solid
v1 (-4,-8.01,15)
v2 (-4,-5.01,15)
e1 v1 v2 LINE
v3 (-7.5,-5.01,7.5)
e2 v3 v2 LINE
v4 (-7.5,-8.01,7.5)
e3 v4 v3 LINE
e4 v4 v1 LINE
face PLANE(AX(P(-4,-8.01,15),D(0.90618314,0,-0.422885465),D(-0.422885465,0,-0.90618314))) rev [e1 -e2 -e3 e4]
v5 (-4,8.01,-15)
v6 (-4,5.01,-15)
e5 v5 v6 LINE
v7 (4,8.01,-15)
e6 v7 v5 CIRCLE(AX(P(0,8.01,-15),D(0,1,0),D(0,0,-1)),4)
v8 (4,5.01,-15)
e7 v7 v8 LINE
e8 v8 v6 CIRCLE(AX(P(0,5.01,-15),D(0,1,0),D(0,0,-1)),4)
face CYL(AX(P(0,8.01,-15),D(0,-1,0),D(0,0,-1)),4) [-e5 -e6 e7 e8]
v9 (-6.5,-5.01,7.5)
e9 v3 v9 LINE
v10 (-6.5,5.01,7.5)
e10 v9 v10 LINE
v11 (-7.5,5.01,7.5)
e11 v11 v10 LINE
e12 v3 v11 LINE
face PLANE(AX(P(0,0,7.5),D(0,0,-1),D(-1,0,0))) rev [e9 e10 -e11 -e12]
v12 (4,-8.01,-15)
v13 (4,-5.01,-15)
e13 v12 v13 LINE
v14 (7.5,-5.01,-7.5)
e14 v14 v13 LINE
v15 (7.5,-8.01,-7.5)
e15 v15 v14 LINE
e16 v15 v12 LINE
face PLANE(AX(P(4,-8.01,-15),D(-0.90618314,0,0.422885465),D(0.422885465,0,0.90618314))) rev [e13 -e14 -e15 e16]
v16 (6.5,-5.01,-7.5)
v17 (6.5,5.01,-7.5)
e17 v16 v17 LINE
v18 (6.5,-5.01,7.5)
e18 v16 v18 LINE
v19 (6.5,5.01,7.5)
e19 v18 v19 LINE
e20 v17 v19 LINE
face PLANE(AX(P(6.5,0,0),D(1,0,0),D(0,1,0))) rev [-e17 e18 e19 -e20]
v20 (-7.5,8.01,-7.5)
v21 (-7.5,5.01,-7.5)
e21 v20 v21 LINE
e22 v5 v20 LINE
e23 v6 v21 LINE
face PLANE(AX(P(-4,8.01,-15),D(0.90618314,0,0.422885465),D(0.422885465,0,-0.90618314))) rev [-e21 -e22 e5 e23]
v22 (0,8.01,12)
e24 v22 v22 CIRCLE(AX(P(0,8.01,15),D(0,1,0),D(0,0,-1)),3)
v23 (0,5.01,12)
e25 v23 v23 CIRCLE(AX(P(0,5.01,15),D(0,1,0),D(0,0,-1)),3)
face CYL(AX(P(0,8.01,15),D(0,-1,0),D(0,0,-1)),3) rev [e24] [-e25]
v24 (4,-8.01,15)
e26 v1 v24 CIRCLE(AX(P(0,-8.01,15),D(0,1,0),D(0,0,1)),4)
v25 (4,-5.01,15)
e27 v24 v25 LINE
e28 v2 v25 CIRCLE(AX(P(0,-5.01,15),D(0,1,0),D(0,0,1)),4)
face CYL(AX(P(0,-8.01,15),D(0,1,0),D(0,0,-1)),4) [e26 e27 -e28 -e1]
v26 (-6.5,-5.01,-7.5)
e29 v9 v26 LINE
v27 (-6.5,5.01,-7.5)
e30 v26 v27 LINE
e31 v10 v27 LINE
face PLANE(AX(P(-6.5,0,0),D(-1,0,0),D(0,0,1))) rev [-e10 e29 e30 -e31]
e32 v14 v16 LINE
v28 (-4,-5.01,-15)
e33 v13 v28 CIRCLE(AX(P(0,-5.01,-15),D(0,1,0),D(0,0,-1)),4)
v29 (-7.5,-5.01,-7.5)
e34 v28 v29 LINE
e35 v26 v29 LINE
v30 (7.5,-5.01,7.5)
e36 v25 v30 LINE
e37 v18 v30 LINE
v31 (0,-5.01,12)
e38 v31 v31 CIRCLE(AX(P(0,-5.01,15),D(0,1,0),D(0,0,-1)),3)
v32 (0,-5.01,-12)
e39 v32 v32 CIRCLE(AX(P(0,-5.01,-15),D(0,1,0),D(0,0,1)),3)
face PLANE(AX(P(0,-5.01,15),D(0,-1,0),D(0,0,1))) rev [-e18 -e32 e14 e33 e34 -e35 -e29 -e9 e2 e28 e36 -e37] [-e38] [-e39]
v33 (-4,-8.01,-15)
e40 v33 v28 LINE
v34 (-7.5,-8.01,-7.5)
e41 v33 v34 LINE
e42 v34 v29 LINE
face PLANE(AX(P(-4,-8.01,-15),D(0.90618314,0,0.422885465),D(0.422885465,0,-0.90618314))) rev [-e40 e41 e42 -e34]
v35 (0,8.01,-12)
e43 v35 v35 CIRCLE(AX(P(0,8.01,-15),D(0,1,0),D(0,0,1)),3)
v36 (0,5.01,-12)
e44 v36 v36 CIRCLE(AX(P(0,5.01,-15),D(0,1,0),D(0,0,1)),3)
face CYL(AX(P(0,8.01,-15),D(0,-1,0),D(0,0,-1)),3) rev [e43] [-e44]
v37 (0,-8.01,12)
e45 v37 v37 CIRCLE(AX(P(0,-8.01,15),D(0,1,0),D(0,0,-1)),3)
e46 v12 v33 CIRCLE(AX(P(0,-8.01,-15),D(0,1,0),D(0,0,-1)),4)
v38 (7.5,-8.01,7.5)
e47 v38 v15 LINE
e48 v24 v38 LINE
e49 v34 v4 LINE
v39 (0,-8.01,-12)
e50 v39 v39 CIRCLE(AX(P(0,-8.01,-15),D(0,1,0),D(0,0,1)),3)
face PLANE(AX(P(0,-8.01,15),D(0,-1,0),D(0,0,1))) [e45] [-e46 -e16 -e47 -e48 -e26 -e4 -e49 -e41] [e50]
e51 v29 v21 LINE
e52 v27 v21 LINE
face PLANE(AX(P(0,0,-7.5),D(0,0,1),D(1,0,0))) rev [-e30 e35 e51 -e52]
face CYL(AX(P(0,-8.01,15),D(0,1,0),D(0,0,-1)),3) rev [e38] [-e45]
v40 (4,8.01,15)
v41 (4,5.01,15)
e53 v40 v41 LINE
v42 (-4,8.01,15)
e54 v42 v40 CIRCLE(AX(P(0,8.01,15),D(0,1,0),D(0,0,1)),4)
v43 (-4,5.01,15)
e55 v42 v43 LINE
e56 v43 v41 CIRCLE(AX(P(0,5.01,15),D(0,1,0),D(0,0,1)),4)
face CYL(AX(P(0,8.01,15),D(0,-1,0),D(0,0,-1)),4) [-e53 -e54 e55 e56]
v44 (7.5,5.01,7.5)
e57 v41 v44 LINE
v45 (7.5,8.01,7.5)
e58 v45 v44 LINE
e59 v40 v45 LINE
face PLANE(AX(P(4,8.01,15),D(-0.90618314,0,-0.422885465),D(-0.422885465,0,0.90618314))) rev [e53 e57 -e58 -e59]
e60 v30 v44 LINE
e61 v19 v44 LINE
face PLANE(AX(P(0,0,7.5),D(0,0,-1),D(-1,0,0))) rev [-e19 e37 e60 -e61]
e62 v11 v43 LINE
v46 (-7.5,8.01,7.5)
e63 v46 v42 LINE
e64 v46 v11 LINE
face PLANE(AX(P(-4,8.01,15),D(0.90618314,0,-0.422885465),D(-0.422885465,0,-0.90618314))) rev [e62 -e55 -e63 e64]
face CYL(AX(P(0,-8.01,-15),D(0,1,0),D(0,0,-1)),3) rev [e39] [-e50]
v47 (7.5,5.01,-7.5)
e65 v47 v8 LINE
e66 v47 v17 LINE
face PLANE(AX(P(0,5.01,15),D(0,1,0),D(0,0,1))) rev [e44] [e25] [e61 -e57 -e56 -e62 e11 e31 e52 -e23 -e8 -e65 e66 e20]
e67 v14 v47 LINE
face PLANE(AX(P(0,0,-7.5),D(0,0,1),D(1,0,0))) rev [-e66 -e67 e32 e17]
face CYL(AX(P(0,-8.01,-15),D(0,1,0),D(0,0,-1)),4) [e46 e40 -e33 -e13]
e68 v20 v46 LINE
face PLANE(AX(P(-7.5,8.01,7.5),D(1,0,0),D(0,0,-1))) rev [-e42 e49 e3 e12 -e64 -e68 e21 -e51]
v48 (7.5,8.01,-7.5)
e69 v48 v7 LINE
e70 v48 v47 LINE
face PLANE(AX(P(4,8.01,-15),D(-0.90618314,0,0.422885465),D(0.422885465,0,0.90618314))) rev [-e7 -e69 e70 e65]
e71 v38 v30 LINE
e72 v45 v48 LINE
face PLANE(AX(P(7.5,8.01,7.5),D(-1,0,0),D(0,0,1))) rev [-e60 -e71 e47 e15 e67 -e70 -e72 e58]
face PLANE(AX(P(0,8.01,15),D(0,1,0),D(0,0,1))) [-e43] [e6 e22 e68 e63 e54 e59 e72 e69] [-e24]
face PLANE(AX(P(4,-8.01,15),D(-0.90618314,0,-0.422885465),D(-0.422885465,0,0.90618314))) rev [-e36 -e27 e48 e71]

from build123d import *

# Parameters (mm, degrees)
SKETCH1_R           = 3
BOSS_EXTRUDE1_DEPTH = 3
SKETCH5_W           = 1
SKETCH5_H           = 15
SKETCH4_W           = 1
SKETCH4_H           = 15
SKETCH7_W           = 1
SKETCH7_H           = 15
SKETCH6_W           = 1
SKETCH6_H           = 15


with BuildPart() as part:
    # Sketch1 → Boss-Extrude1 (new body)
    with BuildSketch(Plane(origin=(0, 5.01, 0), x_dir=(1, 0, 0), z_dir=(0, 1, 0))):
        with BuildLine():
            Line((-7.5, -7.5), (-7.5, 7.5))
            Line((-7.5, 7.5), (-4, 15))
            ThreePointArc((-4, 15), (0, 19), (4, 15))
            Line((4, 15), (7.5, 7.5))
            Line((7.5, 7.5), (7.5, -7.5))
            Line((7.5, -7.5), (4, -15))
            ThreePointArc((4, -15), (0, -19), (-4, -15))
            Line((-4, -15), (-7.5, -7.5))
        make_face()
        with Locations((0, 15)):
            Circle(SKETCH1_R, mode=Mode.SUBTRACT)
        with Locations((0, -15)):
            Circle(SKETCH1_R, mode=Mode.SUBTRACT)
    boss_extrude1 = extrude(amount=BOSS_EXTRUDE1_DEPTH)

    # Sketch5 → Loft2 section 0
    with BuildSketch(Plane(origin=(0, 0, 0), x_dir=(1, 0, 0), z_dir=(0, 1, 0))):
        with Locations((7, 0)):
            Rectangle(SKETCH5_W, SKETCH5_H)
    # Sketch4 → Loft2 section 1
    with BuildSketch(Plane(origin=(0, 5.01, 0), x_dir=(1, 0, 0), z_dir=(0, 1, 0))):
        with Locations((7, 0)):
            Rectangle(SKETCH4_W, SKETCH4_H)
    loft2 = loft()

    # Sketch7 → Loft3 section 0
    with BuildSketch(Plane(origin=(0, 0, 0), x_dir=(1, 0, 0), z_dir=(0, 1, 0))):
        with Locations((-7, 0)):
            Rectangle(SKETCH7_W, SKETCH7_H)
    # Sketch6 → Loft3 section 1
    with BuildSketch(Plane(origin=(0, 5.01, 0), x_dir=(1, 0, 0), z_dir=(0, 1, 0))):
        with Locations((-7, 0)):
            Rectangle(SKETCH6_W, SKETCH6_H)
    loft3 = loft()

    # Mirror2: Boss-Extrude1, Loft2, Loft3 across plane
    add(boss_extrude1.mirror(Plane.ZX))
    add(loft2.mirror(Plane.ZX))
    add(loft3.mirror(Plane.ZX))


solid = part.part
